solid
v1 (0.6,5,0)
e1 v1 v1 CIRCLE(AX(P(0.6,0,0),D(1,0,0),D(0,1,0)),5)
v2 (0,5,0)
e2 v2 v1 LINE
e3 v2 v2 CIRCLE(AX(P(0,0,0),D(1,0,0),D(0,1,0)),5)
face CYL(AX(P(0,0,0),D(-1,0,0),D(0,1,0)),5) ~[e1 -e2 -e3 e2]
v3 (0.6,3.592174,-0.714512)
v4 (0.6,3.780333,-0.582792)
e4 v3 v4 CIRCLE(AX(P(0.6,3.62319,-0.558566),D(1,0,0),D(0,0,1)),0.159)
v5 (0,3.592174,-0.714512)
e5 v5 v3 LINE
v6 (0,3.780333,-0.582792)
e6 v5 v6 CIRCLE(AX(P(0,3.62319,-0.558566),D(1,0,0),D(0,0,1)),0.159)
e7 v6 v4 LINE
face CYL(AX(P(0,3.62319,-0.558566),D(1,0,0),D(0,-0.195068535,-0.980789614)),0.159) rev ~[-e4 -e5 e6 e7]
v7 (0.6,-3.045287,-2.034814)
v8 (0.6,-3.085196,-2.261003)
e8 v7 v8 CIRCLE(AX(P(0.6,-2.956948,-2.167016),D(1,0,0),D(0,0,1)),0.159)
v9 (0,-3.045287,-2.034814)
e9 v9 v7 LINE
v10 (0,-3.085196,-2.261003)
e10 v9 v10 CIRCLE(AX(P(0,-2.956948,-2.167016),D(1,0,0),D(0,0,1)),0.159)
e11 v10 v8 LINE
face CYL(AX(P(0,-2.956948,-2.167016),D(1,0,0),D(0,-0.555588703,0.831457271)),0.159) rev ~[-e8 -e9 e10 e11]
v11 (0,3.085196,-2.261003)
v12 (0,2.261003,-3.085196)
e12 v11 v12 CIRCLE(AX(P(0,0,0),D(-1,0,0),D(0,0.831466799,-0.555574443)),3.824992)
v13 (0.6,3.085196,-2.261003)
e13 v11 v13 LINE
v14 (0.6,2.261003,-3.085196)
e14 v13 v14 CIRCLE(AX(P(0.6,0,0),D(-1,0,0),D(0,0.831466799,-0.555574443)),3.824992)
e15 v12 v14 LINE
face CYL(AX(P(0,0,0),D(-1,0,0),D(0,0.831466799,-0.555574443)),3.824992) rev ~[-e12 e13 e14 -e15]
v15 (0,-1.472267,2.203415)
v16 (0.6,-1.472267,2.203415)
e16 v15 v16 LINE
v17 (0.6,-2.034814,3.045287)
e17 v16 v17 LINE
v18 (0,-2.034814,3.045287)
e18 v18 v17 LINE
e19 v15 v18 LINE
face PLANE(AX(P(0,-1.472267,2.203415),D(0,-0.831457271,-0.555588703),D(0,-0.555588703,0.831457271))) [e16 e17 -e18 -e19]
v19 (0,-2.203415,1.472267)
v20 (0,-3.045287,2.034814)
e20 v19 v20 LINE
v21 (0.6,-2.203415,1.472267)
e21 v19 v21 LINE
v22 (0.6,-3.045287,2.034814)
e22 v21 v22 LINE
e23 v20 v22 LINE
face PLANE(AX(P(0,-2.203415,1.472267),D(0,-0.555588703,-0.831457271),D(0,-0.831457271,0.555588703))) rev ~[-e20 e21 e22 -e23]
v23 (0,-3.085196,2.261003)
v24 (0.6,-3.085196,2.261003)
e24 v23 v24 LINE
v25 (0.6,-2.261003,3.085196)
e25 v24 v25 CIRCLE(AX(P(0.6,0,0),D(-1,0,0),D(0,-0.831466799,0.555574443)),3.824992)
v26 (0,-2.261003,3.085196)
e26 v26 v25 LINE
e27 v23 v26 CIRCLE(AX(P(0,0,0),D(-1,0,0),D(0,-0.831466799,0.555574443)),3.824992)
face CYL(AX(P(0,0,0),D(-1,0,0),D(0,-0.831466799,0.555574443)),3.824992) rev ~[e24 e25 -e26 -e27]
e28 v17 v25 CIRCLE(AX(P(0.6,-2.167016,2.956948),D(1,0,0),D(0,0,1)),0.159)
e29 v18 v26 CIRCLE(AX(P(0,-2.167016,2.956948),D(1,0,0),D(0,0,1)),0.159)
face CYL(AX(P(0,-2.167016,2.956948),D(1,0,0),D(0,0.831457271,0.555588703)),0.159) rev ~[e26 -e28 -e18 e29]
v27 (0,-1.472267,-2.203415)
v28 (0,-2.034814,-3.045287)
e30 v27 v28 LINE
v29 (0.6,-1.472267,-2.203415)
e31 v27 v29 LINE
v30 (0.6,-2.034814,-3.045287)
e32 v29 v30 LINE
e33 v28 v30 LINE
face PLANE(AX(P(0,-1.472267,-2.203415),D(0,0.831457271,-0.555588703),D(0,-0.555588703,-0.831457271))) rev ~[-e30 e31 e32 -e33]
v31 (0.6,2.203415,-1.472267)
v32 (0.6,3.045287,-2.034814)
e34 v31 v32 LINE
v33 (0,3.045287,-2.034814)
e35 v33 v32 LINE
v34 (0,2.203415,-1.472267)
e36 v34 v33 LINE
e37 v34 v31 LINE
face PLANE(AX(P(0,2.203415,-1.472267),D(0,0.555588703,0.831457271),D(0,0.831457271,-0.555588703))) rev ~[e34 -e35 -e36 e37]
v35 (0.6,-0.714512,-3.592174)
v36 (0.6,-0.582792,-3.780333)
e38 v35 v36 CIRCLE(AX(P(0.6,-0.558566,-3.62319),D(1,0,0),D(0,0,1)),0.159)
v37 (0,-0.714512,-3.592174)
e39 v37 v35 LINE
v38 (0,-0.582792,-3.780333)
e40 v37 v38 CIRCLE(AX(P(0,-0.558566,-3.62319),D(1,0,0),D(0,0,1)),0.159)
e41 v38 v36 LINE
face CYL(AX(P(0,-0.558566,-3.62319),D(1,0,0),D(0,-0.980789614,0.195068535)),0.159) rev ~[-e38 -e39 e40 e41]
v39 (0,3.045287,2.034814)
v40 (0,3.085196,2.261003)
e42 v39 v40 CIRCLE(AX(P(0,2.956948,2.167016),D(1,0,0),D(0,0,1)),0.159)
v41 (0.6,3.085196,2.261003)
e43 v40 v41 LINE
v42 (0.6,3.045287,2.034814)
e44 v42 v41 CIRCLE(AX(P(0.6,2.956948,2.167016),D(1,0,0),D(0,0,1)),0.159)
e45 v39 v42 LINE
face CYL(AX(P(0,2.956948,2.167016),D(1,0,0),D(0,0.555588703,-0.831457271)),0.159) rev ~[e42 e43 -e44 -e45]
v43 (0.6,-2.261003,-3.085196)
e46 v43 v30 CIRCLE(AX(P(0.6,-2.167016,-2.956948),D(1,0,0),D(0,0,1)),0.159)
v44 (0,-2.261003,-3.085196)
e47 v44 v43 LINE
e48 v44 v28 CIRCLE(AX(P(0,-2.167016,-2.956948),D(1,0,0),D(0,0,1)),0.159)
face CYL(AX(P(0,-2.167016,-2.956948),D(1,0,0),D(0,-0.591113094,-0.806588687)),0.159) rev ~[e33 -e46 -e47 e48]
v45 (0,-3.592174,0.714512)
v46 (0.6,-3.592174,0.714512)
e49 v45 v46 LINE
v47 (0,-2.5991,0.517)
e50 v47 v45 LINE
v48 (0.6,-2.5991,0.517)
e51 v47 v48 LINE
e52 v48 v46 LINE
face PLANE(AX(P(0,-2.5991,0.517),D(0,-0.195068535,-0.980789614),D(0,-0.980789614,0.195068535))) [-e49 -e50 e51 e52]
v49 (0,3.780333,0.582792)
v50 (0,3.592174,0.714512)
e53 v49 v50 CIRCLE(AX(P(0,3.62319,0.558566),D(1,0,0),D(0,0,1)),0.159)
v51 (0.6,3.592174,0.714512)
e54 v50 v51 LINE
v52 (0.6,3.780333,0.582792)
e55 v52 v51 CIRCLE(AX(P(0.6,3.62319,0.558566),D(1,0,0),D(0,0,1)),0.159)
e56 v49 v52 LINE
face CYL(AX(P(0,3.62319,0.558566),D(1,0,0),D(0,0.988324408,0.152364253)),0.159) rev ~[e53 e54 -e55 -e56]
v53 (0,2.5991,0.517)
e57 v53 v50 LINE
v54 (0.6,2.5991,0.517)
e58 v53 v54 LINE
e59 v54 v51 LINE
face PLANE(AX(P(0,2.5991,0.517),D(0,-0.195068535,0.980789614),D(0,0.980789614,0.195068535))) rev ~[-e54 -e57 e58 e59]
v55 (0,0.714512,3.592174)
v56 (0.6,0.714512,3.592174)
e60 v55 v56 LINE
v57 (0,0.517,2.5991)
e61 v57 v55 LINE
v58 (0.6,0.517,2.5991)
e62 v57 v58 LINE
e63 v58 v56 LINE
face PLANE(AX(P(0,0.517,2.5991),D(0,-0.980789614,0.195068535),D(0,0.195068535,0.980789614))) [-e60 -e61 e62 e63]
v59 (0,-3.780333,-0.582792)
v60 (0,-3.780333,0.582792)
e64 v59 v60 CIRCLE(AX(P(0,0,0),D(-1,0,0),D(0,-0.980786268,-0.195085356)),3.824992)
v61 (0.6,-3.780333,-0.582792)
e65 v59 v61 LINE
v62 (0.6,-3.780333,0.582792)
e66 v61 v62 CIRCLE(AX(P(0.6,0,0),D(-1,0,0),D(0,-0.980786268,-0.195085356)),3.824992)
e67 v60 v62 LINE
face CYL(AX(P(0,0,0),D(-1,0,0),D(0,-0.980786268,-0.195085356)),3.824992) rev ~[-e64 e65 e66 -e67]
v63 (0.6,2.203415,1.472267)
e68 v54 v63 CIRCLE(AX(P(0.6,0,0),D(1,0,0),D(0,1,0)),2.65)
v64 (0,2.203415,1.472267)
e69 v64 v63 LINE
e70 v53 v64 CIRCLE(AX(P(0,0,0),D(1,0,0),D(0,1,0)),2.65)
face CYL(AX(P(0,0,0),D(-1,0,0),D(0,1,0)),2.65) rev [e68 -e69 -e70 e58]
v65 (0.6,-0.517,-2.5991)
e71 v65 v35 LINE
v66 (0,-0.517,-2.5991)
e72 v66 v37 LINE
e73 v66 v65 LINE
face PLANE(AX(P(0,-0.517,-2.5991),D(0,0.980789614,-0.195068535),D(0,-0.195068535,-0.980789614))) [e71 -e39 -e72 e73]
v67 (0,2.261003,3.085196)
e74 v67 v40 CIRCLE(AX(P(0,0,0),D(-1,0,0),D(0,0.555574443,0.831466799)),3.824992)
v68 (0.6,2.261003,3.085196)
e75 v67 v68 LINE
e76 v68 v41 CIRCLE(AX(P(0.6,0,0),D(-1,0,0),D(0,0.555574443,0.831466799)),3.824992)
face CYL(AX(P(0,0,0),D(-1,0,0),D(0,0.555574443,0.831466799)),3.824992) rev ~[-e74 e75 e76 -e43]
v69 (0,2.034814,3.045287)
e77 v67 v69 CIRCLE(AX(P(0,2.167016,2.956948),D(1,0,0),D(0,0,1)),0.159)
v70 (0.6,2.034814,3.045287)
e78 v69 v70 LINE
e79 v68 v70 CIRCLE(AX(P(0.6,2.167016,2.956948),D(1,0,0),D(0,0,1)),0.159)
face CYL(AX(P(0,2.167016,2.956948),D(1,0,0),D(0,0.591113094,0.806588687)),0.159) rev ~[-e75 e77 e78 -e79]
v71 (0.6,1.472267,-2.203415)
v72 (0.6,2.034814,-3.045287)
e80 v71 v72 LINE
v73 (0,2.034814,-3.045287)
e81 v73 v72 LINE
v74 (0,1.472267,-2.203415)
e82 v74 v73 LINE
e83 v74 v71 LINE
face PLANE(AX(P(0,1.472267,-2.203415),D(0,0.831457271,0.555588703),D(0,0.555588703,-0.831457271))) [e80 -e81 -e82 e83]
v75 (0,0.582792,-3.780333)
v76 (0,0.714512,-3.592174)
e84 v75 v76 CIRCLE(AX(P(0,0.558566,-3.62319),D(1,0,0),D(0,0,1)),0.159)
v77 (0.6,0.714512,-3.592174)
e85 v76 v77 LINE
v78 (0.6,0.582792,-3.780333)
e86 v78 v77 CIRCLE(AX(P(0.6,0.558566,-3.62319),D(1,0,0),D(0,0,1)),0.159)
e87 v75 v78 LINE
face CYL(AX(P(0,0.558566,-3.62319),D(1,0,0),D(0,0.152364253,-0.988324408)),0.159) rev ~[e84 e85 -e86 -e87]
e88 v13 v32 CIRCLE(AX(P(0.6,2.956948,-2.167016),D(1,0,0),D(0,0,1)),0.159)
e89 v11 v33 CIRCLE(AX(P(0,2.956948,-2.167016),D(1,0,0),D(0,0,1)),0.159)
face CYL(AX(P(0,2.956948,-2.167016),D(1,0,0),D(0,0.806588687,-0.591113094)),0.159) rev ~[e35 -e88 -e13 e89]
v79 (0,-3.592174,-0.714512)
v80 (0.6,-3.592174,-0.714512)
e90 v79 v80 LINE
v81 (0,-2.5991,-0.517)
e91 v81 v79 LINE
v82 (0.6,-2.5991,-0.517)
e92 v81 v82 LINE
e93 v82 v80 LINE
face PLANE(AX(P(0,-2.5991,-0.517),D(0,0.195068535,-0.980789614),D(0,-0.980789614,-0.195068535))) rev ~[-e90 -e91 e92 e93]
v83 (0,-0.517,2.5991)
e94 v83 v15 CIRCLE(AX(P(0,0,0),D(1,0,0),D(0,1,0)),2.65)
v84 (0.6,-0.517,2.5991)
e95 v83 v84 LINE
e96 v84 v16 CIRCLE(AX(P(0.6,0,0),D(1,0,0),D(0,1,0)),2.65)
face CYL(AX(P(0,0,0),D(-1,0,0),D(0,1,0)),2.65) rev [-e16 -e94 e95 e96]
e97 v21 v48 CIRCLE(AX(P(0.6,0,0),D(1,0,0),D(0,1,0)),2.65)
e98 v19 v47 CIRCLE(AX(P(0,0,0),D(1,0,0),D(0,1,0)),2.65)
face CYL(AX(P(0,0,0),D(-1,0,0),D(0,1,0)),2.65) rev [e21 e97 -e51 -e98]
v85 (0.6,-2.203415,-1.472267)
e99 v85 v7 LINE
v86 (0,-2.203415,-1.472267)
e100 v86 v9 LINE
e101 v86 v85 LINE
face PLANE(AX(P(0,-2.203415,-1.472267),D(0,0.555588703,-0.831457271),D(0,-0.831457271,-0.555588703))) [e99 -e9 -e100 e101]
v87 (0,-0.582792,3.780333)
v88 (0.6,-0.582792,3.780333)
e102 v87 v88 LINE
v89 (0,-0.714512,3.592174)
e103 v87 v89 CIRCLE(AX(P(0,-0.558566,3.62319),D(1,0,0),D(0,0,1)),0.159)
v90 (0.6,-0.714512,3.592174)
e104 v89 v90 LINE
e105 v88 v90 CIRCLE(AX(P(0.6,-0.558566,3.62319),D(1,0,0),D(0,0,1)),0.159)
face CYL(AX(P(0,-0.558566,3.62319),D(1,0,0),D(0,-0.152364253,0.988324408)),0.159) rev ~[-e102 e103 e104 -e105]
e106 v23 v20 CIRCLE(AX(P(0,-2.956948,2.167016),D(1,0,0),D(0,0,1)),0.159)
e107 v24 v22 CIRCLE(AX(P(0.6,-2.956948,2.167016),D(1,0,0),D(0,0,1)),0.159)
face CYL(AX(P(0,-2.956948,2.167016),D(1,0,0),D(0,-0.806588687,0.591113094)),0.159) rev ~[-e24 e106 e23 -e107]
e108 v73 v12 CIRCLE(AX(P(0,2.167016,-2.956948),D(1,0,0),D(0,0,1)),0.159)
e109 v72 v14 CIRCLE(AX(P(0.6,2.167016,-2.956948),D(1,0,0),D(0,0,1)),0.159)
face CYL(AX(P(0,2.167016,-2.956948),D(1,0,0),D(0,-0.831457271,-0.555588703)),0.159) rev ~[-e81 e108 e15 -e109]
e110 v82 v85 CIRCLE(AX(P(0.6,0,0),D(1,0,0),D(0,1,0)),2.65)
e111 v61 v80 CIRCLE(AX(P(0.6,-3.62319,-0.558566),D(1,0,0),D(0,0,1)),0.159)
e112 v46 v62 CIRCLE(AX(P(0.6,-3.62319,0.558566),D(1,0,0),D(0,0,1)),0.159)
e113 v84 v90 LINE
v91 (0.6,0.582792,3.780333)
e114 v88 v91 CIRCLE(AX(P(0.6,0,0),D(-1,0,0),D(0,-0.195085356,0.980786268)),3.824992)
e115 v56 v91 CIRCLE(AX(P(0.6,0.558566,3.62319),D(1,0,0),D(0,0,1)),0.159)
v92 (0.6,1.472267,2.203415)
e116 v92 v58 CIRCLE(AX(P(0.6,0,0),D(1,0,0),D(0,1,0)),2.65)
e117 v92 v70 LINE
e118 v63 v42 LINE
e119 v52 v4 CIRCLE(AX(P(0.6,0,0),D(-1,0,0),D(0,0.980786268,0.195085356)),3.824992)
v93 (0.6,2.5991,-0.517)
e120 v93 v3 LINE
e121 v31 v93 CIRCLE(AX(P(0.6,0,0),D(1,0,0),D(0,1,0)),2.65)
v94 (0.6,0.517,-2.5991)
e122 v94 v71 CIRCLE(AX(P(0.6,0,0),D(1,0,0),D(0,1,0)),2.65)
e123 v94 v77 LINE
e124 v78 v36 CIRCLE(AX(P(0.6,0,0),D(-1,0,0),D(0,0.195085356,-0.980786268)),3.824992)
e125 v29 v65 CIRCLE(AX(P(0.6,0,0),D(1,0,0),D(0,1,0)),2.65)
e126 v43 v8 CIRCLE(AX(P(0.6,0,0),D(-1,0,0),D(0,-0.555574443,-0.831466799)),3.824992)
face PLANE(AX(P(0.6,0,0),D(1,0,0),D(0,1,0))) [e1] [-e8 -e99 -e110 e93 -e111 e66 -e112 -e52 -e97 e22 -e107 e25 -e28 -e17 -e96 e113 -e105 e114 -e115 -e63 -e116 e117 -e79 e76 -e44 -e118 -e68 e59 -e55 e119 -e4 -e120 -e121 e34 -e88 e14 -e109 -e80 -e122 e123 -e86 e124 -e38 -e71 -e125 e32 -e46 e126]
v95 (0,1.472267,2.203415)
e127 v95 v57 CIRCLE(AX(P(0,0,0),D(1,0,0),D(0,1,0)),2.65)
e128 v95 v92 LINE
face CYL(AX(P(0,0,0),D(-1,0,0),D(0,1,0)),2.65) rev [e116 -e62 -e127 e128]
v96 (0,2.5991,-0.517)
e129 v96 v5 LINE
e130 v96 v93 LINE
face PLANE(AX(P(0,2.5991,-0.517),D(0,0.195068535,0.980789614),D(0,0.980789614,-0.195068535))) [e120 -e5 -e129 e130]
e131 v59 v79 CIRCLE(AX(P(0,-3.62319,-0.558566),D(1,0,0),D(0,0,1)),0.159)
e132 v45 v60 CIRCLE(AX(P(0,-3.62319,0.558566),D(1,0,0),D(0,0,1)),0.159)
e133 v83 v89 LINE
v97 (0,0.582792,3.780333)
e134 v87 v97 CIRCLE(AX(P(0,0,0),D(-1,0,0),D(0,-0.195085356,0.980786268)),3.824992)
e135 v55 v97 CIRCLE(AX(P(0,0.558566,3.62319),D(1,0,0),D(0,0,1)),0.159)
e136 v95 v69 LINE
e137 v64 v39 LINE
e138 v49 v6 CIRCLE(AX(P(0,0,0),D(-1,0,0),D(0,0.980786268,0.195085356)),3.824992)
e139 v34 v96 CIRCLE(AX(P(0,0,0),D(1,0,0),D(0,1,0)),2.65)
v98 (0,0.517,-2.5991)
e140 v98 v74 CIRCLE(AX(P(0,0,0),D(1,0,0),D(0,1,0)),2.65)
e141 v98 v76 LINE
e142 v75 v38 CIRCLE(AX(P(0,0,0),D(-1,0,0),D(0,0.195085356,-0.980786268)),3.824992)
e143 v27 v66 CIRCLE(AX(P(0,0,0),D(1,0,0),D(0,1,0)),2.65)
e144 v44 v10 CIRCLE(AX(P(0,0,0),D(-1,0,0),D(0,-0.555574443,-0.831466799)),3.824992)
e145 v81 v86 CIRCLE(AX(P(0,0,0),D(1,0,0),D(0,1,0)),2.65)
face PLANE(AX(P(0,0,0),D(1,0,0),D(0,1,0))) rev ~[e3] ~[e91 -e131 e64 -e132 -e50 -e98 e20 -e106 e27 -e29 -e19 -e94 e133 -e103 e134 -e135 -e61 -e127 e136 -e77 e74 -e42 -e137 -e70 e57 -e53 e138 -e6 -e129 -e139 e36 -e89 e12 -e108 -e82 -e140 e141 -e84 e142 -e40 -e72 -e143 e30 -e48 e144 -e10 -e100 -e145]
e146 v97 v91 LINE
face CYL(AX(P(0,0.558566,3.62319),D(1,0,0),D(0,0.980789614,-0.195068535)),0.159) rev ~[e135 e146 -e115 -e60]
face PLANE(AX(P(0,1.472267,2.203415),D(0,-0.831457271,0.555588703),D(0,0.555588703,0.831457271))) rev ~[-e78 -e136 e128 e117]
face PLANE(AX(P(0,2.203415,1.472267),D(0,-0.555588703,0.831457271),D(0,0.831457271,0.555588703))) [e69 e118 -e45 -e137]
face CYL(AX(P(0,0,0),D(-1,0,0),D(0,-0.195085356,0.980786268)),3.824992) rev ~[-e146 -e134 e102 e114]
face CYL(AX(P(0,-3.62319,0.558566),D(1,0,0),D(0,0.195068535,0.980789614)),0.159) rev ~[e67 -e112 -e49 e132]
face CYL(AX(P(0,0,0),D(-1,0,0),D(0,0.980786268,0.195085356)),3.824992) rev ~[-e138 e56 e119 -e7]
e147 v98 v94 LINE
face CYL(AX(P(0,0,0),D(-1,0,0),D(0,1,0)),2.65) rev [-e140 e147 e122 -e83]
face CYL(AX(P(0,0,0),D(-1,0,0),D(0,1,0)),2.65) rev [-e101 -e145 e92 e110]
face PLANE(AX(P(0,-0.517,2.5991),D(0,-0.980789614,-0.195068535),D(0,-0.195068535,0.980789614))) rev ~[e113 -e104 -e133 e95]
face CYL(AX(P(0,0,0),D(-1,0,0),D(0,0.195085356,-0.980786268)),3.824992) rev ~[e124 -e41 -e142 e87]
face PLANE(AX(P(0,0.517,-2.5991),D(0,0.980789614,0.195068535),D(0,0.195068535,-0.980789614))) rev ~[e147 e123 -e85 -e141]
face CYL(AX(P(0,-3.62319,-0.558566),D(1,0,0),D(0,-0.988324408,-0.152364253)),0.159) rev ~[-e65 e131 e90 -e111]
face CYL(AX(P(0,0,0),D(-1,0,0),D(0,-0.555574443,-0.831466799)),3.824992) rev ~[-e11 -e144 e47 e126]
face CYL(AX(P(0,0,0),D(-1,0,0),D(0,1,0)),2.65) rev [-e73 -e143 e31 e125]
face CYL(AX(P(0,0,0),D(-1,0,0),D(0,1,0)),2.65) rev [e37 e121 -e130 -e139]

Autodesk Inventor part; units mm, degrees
ref_plane "YZ Plane" through (0, 0, 0) normal (1, 0, 0) x (0, 1, 0)
ref_plane "XZ Plane" through (0, 0, 0) normal (0, 1, 0) x (-1, 0, 0)
sketch "Sketch1" plane through (0, 0, 0) normal (1, 0, 0) x (0, 1, 0)
  circle A0 centre (0, 0) radius 5
  circle A1 centre (0, 0) radius 2.65
  dimension "d0" = 10
  dimension "d1" = 5.3
extrude "Body" add sketch "Sketch1" along normal blind 0.6
sketch "Sketch2" plane through (0, 0, 0) normal (-1, 0, 0) x (0, 0, 1)
  circle A0 centre (0, 0) radius 2.65 projected
  circle A1 centre (0, 0) radius 5 projected
  arc A2 (0.7462, 3.7515) -> (-0.7462, 3.7515) centre (0, 0) ccw
  line L0 (-0.517, 2.5991) -> (-0.7462, 3.7515)
  line L1 (0, 0) -> (0, 3.825) construction
  line L2 (0.517, 2.5991) -> (0.7462, 3.7515)
  line L3 (-0.517, 2.5991) -> (0, 0) construction
  line L4 (0.517, 2.5991) -> (0, 0) construction
  dimension "d4" = 7.65
  dimension "d5" = 11.25
extrude "Cut" cut sketch "Sketch2" against normal blind 0.6 contours A0 L0 A2 L2
fillet "Fillet1" radius 0.159 2 edges at (0.3, 3.7515, 0.7462) (0.3, 3.7515, -0.7462)
pattern_circular "Cuts" count 8 over 360 about axis through (-10, 0, 0) along (1, 0, 0) of "Cut", "Fillet1"
ref_plane "Work Plane1" through (0, 0, 0) normal (0, 1, 0) x (1, 0, 0)
equation "\"d0\" = SD2"
equation "\"d1\" = SD1"
equation "\"d2\" = SD"
equation "\"d4\" = 0.5 * SD2 + 0.5 * SD1"
equation "\"d6\" = SD"
equation "\"d8\" = 0.03 * SD1"
equation "\"SD1\" = 5.3"
equation "\"SD2\" = 10"
equation "\"SD\" = 0.6"
equation "\"NND\" = 5"
properties part number "DIN 6797 - J 5.3" material "Steel, Mild"
